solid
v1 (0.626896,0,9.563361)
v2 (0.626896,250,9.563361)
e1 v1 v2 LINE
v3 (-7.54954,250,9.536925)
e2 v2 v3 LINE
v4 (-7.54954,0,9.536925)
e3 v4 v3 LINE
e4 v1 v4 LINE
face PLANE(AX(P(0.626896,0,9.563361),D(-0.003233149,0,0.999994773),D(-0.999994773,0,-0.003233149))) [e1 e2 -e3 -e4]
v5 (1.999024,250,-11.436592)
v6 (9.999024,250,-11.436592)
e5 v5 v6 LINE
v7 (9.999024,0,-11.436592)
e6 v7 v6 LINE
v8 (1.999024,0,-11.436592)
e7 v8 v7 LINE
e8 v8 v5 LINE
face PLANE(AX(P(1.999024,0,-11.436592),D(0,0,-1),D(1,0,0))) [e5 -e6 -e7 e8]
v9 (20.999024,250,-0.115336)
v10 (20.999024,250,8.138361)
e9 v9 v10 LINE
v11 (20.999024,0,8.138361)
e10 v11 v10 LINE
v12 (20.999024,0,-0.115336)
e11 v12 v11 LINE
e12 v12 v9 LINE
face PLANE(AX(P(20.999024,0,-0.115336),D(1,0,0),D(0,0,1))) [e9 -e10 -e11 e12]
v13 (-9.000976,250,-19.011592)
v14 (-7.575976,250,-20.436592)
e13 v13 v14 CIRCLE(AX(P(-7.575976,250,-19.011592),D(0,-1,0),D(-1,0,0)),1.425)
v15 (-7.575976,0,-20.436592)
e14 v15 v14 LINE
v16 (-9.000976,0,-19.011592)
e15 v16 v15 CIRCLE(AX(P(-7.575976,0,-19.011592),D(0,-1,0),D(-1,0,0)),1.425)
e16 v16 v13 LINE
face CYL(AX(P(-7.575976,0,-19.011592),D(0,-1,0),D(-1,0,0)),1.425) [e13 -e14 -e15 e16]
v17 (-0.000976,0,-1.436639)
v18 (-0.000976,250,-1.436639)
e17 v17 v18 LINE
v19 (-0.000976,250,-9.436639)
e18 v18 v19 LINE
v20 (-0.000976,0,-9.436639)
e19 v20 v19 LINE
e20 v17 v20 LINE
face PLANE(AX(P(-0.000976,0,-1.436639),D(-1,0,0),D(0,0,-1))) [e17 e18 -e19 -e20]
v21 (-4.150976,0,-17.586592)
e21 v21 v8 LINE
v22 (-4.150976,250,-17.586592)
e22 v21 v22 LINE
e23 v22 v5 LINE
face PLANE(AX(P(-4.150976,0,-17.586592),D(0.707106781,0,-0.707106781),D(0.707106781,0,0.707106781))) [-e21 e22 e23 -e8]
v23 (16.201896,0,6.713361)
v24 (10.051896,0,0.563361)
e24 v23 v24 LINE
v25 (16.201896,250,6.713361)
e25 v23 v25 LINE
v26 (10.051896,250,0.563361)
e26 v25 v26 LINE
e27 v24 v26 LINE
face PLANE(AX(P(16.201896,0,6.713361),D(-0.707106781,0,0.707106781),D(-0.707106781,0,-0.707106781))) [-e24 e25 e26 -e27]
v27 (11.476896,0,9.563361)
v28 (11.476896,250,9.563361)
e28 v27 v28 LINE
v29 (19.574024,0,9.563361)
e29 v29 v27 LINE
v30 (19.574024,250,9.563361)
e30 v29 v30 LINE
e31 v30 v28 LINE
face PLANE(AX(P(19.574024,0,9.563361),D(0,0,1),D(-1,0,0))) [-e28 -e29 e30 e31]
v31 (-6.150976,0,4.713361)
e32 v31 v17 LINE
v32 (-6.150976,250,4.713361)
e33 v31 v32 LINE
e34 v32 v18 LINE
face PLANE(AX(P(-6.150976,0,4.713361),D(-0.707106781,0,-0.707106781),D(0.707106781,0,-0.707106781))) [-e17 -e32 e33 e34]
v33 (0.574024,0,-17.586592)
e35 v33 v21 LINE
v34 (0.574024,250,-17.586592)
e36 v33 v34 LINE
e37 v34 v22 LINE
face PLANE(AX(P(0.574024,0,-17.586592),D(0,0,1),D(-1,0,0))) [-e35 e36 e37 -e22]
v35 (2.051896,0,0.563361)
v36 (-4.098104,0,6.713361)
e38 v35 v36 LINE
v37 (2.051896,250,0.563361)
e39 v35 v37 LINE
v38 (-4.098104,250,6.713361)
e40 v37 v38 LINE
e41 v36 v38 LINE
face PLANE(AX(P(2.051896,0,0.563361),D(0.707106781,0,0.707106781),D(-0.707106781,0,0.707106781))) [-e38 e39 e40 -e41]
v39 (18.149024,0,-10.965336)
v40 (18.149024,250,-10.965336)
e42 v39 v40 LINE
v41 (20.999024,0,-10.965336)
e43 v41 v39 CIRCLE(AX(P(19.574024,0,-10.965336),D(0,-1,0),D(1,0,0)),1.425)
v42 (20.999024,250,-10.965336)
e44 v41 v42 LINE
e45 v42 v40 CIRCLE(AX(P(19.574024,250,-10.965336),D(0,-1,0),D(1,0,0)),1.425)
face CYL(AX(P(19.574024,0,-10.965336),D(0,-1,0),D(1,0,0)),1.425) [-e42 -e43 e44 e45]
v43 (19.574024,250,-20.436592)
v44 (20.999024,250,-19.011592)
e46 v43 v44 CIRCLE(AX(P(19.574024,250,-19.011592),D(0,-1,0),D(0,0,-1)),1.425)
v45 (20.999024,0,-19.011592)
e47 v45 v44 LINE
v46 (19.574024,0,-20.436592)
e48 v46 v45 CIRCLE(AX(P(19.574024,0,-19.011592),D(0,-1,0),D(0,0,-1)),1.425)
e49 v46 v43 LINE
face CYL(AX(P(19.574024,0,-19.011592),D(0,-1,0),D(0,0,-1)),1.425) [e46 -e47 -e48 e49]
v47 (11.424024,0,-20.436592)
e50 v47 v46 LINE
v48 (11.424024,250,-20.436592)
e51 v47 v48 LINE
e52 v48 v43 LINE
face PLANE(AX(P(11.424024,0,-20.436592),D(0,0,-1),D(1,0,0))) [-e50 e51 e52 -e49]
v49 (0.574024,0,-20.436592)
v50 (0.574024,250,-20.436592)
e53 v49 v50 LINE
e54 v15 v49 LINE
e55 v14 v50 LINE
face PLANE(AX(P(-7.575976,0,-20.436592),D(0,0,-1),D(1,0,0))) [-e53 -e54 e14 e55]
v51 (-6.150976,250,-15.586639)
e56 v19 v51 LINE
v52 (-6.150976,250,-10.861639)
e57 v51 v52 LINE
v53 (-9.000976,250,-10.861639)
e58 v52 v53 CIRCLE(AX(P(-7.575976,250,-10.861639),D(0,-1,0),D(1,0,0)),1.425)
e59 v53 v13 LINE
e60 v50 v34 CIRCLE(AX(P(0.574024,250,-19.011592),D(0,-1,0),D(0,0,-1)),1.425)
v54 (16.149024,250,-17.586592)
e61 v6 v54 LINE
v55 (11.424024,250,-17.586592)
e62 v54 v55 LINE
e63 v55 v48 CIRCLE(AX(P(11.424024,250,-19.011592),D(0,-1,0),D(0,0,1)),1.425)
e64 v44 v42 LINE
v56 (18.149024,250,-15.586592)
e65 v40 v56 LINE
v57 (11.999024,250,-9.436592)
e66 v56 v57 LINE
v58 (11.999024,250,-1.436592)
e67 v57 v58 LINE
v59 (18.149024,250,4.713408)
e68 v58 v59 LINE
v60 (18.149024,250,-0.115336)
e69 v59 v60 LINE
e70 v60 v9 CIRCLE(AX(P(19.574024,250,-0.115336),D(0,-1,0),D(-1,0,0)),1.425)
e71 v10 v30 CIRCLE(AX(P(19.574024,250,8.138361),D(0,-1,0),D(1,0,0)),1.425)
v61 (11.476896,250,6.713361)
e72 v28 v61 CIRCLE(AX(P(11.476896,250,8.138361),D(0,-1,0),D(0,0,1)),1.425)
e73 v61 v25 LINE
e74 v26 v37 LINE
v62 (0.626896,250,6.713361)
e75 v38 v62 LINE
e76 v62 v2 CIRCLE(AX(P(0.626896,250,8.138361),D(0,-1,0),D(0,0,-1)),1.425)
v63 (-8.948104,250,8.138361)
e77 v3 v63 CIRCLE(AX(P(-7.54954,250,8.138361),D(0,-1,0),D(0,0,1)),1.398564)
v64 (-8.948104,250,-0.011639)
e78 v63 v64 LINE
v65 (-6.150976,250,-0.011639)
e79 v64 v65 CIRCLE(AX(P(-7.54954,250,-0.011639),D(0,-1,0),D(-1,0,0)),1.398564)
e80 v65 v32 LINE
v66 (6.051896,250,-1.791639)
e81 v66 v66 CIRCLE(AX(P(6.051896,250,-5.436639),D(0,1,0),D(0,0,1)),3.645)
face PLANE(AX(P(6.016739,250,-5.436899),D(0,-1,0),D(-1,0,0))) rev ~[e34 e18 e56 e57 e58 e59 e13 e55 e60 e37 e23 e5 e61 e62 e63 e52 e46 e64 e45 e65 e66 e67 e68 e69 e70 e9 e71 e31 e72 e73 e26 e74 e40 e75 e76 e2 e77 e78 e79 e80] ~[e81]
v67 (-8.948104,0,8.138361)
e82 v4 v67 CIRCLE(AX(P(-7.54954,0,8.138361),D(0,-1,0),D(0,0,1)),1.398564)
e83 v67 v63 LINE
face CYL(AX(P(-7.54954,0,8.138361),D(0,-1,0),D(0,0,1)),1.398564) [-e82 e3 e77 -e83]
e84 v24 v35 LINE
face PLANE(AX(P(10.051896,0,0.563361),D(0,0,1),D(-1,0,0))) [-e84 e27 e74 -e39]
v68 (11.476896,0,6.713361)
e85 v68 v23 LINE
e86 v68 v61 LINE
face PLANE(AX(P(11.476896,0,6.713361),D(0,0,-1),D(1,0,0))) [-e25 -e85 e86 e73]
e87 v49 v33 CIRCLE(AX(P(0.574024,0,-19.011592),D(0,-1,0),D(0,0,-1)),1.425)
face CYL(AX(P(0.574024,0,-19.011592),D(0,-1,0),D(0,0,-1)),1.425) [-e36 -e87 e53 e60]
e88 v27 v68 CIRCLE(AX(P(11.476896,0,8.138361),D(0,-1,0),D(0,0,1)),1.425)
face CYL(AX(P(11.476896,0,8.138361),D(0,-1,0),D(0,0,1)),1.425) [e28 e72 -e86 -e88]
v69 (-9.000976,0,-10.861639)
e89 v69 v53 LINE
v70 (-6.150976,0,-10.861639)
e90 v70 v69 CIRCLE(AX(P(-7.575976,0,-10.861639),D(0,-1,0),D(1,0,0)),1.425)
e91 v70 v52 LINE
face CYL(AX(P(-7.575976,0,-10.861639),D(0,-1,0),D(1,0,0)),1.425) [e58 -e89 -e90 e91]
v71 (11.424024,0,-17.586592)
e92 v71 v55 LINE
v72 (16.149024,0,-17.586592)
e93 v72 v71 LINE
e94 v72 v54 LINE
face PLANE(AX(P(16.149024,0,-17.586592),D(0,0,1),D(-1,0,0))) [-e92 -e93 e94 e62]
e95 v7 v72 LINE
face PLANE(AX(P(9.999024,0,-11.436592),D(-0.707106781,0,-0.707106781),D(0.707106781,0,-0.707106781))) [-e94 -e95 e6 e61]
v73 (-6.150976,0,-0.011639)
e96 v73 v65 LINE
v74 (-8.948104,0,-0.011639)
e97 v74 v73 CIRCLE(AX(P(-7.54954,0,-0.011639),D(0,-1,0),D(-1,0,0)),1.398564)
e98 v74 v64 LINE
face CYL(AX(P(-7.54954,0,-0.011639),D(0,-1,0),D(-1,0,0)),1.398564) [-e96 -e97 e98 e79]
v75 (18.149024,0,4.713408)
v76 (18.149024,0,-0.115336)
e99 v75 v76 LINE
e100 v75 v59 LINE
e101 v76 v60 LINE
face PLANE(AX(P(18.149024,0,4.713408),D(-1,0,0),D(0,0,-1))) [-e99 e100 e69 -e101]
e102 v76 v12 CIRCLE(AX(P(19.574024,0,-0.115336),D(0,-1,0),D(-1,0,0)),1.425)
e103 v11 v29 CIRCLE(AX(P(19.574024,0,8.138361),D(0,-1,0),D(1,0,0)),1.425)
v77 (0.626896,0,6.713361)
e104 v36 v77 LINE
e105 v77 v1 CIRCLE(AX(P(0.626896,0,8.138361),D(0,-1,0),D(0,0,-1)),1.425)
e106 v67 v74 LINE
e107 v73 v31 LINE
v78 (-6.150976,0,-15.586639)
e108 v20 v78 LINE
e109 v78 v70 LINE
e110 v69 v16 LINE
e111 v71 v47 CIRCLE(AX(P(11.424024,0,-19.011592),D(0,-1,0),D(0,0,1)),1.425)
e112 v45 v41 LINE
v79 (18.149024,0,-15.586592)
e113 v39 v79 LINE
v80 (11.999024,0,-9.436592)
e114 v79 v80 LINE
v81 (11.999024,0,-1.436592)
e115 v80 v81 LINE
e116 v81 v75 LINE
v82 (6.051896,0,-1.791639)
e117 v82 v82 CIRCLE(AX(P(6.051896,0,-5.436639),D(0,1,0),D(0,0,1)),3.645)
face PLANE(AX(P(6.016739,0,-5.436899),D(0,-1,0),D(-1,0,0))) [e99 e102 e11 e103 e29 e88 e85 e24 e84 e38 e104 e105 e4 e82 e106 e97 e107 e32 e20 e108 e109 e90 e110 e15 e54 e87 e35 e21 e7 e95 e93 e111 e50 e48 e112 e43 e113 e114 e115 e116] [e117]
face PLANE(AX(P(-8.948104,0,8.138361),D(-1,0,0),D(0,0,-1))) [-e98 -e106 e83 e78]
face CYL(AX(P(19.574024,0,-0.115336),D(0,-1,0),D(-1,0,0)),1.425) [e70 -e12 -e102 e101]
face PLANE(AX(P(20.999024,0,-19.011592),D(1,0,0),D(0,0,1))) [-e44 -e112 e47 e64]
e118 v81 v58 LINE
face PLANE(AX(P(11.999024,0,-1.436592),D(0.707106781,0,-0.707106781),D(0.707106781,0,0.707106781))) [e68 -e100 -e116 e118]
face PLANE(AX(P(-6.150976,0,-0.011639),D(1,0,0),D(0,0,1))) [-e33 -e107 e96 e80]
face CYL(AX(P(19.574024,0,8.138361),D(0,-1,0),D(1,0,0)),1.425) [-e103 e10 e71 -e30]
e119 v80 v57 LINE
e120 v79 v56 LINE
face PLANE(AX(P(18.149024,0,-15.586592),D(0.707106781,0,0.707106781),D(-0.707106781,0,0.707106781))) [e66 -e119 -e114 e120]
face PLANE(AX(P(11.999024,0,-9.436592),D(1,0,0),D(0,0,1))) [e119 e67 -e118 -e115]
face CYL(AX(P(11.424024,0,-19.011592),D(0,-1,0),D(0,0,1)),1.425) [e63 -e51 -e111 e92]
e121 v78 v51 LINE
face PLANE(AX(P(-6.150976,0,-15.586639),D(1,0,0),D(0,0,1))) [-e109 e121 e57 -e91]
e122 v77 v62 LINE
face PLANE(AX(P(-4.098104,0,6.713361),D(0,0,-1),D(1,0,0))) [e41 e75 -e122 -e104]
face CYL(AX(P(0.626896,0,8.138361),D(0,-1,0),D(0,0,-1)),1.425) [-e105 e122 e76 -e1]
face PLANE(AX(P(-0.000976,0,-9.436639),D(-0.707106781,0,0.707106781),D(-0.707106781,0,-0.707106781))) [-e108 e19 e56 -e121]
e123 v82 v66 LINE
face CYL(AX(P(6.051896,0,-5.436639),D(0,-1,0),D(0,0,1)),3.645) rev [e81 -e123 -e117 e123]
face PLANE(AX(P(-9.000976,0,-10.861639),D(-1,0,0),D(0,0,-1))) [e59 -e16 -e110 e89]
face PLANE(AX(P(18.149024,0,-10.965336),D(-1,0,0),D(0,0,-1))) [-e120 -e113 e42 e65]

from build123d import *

# Parameters (mm, degrees)
CROQUIS1_R              = 3.645
SALIENTE_EXTRUIR1_DEPTH = 250


with BuildPart() as part:
    # Croquis1 → Saliente-Extruir1 (new body)
    with BuildSketch(Plane(origin=(0, 0, 0), x_dir=(1, 0, 0), z_dir=(0, 1, 0))):
        with BuildLine():
            Line((11.476895811, -6.713360964), (16.201895811, -6.713360964))
            Line((16.201895811, -6.713360964), (10.051895811, -0.563360964))
            Line((10.051895811, -0.563360964), (2.051895811, -0.563360964))
            Line((2.051895811, -0.563360964), (-4.098104189, -6.713360964))
            Line((-4.098104189, -6.713360964), (0.626895811, -6.713360964))
            ThreePointArc((0.626895811, -6.713360964), (2.051895811, -8.138360964), (0.626895811, -9.563360964))
            Line((0.626895811, -9.563360964), (-7.549539962, -9.536925191))
            ThreePointArc((-7.549539962, -9.536925191), (-8.538474211, -9.127295213), (-8.948104189, -8.138360964))
            Line((-8.948104189, -8.138360964), (-8.948104189, 0.011639036))
            ThreePointArc((-8.948104189, 0.011639036), (-7.549539962, 1.410203263), (-6.150975734, 0.011639036))
            Line((-6.150975734, 0.011639036), (-6.150975734, -4.713360964))
            Line((-6.150975734, -4.713360964), (-0.000975734, 1.436639036))
            Line((-0.000975734, 1.436639036), (-0.000975734, 9.436639036))
            Line((-0.000975734, 9.436639036), (-6.150975734, 15.586639036))
            Line((-6.150975734, 15.586639036), (-6.150975734, 10.861639036))
            ThreePointArc((-6.150975734, 10.861639036), (-7.575975734, 9.436639036), (-9.000975734, 10.861639036))
            Line((-9.000975734, 10.861639036), (-9.000975734, 19.011592446))
            ThreePointArc((-9.000975734, 19.011592446), (-8.583602897, 20.019219609), (-7.575975734, 20.436592446))
            Line((-7.575975734, 20.436592446), (0.574024266, 20.436592446))
            ThreePointArc((0.574024266, 20.436592446), (1.999024266, 19.011592446), (0.574024266, 17.586592446))
            Line((0.574024266, 17.586592446), (-4.150975734, 17.586592446))
            Line((-4.150975734, 17.586592446), (1.999024266, 11.436592446))
            Line((1.999024266, 11.436592446), (9.999024266, 11.436592446))
            Line((9.999024266, 11.436592446), (16.149024266, 17.586592446))
            Line((16.149024266, 17.586592446), (11.424024266, 17.586592446))
            ThreePointArc((11.424024266, 17.586592446), (9.999024266, 19.011592446), (11.424024266, 20.436592446))
            Line((11.424024266, 20.436592446), (19.574024266, 20.436592446))
            ThreePointArc((19.574024266, 20.436592446), (20.581651429, 20.019219609), (20.999024266, 19.011592446))
            Line((20.999024266, 19.011592446), (20.999024266, 10.965336131))
            ThreePointArc((20.999024266, 10.965336131), (19.574024266, 9.540336131), (18.149024266, 10.965336131))
            Line((18.149024266, 10.965336131), (18.149024266, 15.586592446))
            Line((18.149024266, 15.586592446), (11.999024266, 9.436592446))
            Line((11.999024266, 9.436592446), (11.999024266, 1.436592446))
            Line((11.999024266, 1.436592446), (18.149024266, -4.713407554))
            Line((18.149024266, -4.713407554), (18.149024266, 0.115336131))
            ThreePointArc((18.149024266, 0.115336131), (19.574024266, 1.540336131), (20.999024266, 0.115336131))
            Line((20.999024266, 0.115336131), (20.999024266, -8.138360964))
            ThreePointArc((20.999024266, -8.138360964), (20.581651429, -9.145988127), (19.574024266, -9.563360964))
            Line((19.574024266, -9.563360964), (11.476895811, -9.563360964))
            ThreePointArc((11.476895811, -9.563360964), (10.051895811, -8.138360964), (11.476895811, -6.713360964))
        make_face()
        with Locations(Location((6.051895811, 5.436639036, 0), (0, 0, 270))):
            Circle(CROQUIS1_R, mode=Mode.SUBTRACT)
    extrude(amount=SALIENTE_EXTRUIR1_DEPTH)


solid = part.part
